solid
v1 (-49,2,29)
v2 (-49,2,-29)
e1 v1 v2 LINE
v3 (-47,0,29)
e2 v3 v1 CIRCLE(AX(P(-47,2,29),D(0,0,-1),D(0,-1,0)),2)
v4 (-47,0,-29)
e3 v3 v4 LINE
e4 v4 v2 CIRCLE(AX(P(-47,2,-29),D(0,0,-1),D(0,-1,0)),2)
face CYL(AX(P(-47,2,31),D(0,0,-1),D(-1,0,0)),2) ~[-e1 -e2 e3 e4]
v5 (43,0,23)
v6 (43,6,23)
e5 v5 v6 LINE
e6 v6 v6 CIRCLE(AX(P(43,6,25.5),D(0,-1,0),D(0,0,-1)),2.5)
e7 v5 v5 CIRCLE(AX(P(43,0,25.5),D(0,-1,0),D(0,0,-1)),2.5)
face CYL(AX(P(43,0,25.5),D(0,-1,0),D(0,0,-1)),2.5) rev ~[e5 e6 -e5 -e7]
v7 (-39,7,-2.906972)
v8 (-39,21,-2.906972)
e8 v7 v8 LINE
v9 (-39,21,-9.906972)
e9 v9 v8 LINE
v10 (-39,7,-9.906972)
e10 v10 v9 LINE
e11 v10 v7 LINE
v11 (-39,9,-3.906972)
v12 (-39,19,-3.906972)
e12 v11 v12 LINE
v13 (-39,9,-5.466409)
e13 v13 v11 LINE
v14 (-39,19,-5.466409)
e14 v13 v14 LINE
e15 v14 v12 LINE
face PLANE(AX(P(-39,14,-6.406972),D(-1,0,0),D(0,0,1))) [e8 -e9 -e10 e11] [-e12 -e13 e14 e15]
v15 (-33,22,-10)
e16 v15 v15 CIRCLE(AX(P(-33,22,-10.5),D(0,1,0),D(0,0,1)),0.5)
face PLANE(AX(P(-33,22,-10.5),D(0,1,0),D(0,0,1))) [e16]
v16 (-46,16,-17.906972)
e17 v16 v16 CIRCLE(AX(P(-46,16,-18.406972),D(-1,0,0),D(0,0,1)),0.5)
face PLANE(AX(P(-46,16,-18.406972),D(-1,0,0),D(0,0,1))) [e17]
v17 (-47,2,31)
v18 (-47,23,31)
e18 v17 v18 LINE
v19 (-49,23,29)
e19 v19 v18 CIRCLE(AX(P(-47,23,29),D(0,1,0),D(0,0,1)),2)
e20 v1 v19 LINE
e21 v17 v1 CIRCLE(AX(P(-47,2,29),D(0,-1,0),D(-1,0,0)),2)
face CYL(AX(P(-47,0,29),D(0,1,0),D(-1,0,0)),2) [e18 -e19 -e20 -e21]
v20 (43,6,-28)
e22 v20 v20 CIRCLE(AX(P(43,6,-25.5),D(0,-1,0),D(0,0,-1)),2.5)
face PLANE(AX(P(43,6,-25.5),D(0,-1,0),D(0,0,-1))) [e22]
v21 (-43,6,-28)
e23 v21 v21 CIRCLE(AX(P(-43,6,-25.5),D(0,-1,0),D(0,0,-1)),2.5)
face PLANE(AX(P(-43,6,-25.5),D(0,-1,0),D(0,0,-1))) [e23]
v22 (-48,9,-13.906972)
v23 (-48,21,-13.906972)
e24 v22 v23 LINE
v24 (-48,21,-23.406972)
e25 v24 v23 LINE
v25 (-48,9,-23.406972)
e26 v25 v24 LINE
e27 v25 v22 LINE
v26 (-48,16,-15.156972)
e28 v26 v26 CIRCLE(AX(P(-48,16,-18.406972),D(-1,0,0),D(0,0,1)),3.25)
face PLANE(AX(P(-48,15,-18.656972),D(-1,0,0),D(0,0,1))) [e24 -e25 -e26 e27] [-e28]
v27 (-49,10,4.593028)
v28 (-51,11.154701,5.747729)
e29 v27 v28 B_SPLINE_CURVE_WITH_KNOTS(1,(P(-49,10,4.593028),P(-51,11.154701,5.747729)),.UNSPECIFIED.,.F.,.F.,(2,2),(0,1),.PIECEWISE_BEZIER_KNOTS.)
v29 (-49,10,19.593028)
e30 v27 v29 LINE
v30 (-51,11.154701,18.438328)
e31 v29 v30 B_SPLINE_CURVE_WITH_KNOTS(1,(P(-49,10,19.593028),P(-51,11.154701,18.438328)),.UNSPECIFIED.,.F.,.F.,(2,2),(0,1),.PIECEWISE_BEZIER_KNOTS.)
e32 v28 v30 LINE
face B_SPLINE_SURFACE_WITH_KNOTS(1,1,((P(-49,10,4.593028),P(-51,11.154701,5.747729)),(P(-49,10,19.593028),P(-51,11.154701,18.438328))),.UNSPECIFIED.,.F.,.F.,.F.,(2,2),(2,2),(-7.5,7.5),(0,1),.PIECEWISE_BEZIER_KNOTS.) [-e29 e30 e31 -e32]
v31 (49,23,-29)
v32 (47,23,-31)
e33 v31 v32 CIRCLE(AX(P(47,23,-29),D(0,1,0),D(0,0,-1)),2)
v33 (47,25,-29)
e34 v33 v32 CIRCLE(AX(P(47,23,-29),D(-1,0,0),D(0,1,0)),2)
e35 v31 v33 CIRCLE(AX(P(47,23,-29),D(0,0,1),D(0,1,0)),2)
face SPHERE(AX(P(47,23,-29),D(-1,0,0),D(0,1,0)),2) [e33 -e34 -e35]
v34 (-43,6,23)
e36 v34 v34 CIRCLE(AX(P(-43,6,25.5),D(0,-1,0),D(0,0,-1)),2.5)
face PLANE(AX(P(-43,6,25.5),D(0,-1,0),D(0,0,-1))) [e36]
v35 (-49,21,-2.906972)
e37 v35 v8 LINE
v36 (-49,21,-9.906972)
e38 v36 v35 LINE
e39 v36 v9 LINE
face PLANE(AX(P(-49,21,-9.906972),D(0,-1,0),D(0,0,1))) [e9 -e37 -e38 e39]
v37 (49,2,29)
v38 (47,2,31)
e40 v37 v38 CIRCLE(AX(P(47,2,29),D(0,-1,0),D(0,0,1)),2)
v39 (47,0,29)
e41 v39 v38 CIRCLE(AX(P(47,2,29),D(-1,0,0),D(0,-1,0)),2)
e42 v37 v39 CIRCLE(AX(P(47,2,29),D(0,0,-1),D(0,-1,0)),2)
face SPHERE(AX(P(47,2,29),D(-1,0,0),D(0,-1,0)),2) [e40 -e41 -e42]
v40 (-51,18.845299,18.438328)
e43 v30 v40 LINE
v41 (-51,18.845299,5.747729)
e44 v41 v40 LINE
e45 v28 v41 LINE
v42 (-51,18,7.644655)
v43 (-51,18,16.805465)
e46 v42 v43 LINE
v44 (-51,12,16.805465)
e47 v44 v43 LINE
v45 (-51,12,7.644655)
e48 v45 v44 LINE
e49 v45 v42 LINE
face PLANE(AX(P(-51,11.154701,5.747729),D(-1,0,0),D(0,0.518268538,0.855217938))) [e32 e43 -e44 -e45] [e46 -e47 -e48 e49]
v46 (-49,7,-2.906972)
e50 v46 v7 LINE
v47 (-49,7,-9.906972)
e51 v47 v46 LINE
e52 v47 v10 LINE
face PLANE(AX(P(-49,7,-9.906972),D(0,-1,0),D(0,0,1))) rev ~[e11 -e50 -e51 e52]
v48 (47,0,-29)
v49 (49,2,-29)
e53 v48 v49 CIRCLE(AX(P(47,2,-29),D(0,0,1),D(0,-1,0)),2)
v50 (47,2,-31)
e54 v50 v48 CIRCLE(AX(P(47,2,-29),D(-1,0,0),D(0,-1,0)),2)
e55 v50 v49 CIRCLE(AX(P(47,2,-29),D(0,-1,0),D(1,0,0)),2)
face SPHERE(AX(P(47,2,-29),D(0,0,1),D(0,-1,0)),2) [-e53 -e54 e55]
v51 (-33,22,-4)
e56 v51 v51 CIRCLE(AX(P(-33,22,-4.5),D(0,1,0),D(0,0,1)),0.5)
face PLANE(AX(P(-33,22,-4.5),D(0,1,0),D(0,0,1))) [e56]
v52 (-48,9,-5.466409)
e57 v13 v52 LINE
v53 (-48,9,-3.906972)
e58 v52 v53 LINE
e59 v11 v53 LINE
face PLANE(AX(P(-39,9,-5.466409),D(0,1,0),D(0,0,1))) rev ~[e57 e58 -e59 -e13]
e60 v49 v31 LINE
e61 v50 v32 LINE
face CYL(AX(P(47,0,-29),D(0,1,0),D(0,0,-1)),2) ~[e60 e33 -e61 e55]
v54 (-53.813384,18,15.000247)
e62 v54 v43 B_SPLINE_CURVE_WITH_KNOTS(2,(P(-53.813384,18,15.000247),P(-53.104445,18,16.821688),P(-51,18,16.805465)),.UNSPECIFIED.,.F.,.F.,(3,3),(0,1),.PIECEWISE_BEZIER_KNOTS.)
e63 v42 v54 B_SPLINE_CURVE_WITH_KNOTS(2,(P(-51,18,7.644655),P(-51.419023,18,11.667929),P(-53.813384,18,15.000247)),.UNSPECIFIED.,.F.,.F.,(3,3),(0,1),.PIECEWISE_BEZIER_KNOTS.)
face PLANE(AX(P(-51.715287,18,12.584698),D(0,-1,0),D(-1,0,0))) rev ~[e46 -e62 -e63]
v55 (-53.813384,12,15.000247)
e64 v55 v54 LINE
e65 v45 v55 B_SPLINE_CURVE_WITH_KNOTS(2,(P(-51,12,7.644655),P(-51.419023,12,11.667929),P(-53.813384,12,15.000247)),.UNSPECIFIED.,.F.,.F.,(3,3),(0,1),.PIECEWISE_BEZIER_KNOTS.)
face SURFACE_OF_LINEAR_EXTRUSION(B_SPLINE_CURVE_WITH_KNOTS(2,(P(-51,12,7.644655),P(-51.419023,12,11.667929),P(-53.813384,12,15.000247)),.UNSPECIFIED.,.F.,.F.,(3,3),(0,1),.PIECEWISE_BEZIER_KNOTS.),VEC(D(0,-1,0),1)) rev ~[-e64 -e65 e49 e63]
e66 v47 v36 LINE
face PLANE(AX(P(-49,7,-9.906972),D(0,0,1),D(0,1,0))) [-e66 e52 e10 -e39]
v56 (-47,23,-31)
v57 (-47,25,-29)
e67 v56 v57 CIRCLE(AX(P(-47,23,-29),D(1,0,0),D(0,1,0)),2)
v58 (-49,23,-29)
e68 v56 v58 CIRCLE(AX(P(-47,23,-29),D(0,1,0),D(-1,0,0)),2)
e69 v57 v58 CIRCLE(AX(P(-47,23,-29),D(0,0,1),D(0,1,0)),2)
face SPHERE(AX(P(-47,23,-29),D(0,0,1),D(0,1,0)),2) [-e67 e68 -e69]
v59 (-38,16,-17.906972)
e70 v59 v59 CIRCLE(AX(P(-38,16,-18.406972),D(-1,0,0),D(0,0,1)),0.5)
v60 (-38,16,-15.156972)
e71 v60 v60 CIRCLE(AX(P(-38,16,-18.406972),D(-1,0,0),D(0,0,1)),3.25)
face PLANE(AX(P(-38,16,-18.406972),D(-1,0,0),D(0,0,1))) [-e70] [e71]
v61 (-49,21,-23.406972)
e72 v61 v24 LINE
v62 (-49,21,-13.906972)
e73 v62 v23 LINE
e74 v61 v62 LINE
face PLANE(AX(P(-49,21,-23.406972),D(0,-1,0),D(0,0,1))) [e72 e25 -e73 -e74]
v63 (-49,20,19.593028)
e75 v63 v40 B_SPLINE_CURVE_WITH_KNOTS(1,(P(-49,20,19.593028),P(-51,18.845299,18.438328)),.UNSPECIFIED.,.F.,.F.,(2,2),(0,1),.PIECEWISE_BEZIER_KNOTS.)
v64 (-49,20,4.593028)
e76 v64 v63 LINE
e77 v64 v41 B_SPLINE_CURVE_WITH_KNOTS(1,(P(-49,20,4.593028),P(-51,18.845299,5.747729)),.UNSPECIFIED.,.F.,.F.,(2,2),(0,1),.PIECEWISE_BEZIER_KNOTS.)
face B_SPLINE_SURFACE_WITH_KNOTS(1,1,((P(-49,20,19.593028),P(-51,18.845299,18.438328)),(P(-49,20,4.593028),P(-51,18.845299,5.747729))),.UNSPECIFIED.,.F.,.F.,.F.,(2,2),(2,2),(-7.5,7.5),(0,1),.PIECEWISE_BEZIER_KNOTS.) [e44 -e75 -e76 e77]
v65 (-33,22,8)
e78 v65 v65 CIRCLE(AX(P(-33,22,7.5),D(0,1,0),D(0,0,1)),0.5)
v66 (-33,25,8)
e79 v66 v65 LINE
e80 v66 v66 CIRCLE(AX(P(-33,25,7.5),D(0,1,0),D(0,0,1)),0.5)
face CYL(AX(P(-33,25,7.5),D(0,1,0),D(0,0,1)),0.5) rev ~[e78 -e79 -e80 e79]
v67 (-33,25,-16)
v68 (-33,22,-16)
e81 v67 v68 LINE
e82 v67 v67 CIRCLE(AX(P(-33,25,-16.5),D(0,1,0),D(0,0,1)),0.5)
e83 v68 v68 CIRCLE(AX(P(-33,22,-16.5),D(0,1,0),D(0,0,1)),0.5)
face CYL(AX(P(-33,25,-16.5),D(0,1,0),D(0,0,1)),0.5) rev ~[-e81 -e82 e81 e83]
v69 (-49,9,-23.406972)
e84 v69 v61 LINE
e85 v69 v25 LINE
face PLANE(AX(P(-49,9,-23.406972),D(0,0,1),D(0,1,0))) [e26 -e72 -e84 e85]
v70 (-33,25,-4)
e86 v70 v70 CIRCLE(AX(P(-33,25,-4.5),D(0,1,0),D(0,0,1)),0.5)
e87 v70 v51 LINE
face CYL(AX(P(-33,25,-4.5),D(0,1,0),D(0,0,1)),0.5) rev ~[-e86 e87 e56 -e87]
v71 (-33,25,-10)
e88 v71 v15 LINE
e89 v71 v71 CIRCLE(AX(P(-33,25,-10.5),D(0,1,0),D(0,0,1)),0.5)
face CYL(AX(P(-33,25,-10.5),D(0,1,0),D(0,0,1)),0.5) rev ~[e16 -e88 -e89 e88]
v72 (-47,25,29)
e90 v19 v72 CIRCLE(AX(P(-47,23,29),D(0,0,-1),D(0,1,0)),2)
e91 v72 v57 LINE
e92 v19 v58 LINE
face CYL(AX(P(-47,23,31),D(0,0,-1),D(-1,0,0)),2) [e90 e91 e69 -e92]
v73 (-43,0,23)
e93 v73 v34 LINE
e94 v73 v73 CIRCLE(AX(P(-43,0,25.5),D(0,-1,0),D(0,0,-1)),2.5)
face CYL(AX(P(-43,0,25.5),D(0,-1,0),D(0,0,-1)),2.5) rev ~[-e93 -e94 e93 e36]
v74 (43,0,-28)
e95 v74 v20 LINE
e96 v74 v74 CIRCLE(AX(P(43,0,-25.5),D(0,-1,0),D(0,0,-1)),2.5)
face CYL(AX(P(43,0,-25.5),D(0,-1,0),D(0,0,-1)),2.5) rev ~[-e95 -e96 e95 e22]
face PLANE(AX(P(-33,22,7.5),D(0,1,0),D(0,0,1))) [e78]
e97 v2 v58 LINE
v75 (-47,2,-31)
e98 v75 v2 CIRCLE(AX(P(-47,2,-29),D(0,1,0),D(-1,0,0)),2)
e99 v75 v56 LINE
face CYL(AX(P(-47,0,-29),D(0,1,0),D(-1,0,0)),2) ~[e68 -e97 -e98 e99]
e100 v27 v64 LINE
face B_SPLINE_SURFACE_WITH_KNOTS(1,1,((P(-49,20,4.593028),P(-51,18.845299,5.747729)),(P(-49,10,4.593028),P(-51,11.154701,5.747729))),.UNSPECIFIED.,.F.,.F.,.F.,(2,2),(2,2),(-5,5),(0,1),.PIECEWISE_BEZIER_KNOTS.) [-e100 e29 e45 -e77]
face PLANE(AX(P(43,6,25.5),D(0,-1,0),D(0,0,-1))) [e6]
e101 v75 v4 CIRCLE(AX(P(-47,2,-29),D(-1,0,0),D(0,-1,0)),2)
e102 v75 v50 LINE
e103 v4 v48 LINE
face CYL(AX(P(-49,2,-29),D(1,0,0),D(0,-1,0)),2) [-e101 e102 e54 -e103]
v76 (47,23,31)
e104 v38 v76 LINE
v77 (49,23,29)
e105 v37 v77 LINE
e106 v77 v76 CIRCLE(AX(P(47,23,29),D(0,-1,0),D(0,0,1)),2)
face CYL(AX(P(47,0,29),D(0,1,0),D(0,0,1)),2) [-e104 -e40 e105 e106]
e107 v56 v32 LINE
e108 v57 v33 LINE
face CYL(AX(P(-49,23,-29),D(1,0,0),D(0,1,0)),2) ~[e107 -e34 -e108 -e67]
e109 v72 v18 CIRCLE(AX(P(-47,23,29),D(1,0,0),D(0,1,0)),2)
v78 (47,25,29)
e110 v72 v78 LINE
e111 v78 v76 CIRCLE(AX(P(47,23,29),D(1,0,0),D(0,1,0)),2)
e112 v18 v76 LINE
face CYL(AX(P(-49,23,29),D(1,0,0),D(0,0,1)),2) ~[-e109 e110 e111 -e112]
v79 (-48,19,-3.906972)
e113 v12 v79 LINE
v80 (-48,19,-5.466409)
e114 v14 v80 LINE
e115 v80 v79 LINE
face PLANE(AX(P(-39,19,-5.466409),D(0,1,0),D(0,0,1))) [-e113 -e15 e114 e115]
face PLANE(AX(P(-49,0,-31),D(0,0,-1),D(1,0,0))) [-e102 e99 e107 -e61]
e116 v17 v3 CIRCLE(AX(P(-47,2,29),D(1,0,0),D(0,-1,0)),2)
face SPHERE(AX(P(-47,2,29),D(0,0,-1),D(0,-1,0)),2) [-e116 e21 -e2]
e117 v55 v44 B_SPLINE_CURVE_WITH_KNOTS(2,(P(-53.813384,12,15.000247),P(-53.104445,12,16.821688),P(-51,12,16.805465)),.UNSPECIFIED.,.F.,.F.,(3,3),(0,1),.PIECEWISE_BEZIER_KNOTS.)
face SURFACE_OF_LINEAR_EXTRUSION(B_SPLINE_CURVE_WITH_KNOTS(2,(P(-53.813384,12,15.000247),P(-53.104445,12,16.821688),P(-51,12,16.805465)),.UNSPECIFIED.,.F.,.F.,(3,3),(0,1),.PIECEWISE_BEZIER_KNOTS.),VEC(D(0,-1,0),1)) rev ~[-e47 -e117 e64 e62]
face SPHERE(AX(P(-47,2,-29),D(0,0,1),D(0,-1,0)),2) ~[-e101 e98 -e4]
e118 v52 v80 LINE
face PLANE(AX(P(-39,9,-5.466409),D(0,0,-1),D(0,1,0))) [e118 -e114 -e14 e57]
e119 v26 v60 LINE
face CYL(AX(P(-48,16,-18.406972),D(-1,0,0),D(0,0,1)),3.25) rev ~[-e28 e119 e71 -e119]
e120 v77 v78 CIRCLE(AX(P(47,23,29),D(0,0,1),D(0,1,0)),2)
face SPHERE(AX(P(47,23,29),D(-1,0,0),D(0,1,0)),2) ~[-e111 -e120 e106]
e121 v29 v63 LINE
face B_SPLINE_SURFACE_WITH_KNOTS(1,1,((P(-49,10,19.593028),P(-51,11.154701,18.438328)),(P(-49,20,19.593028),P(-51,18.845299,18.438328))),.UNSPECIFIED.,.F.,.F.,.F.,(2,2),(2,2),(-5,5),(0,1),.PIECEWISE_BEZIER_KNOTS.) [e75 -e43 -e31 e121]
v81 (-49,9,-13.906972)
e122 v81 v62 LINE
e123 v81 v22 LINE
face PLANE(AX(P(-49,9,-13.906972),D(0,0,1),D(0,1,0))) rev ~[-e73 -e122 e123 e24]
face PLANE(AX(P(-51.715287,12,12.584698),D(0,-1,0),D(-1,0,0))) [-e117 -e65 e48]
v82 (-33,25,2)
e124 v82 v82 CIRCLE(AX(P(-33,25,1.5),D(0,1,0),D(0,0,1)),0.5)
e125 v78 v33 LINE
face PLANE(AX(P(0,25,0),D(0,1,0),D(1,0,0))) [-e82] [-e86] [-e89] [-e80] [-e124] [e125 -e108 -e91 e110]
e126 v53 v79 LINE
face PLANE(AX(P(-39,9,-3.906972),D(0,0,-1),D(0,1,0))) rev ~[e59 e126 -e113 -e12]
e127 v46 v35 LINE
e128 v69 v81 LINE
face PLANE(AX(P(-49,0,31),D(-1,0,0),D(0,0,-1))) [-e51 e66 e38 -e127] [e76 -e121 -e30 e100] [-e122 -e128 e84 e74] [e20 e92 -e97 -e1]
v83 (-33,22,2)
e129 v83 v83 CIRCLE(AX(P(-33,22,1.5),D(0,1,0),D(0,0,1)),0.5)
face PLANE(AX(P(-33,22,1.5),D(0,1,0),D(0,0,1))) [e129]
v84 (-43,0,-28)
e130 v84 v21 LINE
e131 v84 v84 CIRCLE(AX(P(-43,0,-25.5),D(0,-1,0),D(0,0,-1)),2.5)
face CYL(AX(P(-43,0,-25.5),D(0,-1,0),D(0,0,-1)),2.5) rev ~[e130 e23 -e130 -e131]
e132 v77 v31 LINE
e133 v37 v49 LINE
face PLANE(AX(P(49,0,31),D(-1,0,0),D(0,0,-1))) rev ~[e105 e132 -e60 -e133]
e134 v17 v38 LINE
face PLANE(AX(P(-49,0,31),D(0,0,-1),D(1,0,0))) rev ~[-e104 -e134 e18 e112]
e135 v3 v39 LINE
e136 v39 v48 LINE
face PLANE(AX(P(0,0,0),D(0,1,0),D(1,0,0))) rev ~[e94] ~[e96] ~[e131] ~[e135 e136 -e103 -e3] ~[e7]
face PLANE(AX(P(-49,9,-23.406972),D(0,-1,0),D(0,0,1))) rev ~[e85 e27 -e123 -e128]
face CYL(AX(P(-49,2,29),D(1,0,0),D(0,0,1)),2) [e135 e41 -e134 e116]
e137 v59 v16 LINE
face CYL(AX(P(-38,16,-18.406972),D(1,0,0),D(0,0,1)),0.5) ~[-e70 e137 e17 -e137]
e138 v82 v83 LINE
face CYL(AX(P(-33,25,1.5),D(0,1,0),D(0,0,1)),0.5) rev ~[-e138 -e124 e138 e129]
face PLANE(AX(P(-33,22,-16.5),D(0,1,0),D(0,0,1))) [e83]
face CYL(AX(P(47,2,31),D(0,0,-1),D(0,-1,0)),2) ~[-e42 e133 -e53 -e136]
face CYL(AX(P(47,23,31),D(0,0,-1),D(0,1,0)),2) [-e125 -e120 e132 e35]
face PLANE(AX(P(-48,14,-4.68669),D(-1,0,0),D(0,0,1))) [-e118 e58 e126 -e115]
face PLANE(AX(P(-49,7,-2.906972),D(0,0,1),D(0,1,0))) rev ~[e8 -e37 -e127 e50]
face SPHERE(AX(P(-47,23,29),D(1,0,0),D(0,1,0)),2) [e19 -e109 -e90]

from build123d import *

# Parameters (mm, degrees)
SKETCH2_W           = 98
SKETCH2_H           = 62
BOSS_EXTRUDE1_DEPTH = 25
SKETCH3_W           = 9.5
SKETCH3_H           = 12
BOSS_EXTRUDE4_DEPTH = 1
SKETCH3_5_W         = 9.5
SKETCH3_5_H         = 12
CUT_EXTRUDE1_DEPTH  = 1
SKETCH4_R           = 3.25
CUT_EXTRUDE2_DEPTH  = 10
SKETCH5_R           = 0.5
BOSS_EXTRUDE5_DEPTH = 8
SKETCH6_W           = 7
SKETCH6_H           = 14
CUT_EXTRUDE9_DEPTH  = 10
SKETCH7_W           = 1.559437484
SKETCH7_H           = 10
BOSS_EXTRUDE6_DEPTH = 9
SKETCH8_W           = 15
SKETCH8_H           = 10
BOSS_EXTRUDE7_DEPTH = 2
BOSS_EXTRUDE7_TAPER = 30
BOSS_EXTRUDE8_DEPTH = 6
FILLET5_R           = 2
SKETCH10_R          = 2.5
CUT_EXTRUDE10_DEPTH = 6
SKETCH11_R          = 0.5
CUT_EXTRUDE11_DEPTH = 3


with BuildPart() as part:
    # Sketch2 → Boss-Extrude1 (new body)
    with BuildSketch(Plane(origin=(0, 0, 0), x_dir=(1, 0, 0), z_dir=(0, 1, 0))):
        Rectangle(SKETCH2_W, SKETCH2_H)
    extrude(amount=BOSS_EXTRUDE1_DEPTH)

    # Sketch3 → Boss-Extrude4 (add)
    with BuildSketch(Plane.ZY.offset(49)):
        with Locations((-18.656971736, 15)):
            Rectangle(SKETCH3_W, SKETCH3_H)
    extrude(amount=-BOSS_EXTRUDE4_DEPTH)

    # Sketch3<5> → Cut-Extrude1 (cut)
    with BuildSketch(Plane.ZY.offset(49)):
        with Locations((-18.656971736, 15)):
            Rectangle(SKETCH3_5_W, SKETCH3_5_H)
    extrude(amount=-CUT_EXTRUDE1_DEPTH, mode=Mode.SUBTRACT)

    # Sketch4 → Cut-Extrude2 (cut)
    with BuildSketch(Plane.ZY.offset(48)):
        with Locations((-18.406971736, 16)):
            Circle(SKETCH4_R)
    extrude(amount=-CUT_EXTRUDE2_DEPTH, mode=Mode.SUBTRACT)

    # Sketch5 → Boss-Extrude5 (add)
    with BuildSketch(Plane.ZY.offset(38)):
        with Locations((-18.406971736, 16)):
            Circle(SKETCH5_R)
    extrude(amount=BOSS_EXTRUDE5_DEPTH)

    # Sketch6 → Cut-Extrude9 (cut)
    with BuildSketch(Plane.ZY.offset(49)):
        with Locations((-6.406971736, 14)):
            Rectangle(SKETCH6_W, SKETCH6_H)
    extrude(amount=-CUT_EXTRUDE9_DEPTH, mode=Mode.SUBTRACT)

    # Sketch7 → Boss-Extrude6 (add)
    with BuildSketch(Plane.ZY.offset(39)):
        with Locations((-4.686690478, 14)):
            Rectangle(SKETCH7_W, SKETCH7_H)
    extrude(amount=BOSS_EXTRUDE6_DEPTH)

    # Sketch8 → Boss-Extrude7 (add)
    with BuildSketch(Plane.ZY.offset(49)):
        with Locations((12.093028264, 15)):
            Rectangle(SKETCH8_W, SKETCH8_H)
    extrude(amount=BOSS_EXTRUDE7_DEPTH, taper=BOSS_EXTRUDE7_TAPER)

    # Sketch9 → Boss-Extrude8 (add)
    with BuildSketch(Plane(origin=(0, 12, 0), x_dir=(-1, 0, 0), z_dir=(0, -1, 0))):
        with BuildLine():
            Line((51, -7.644654734), (51, -16.805465041))
            add(Edge.make_bspline(
                [(53.813384295, -15.000246539), (53.104445278, -16.821688465), (51, -16.805465041)],
                knots=[0, 0, 0, 1, 1, 1], degree=2))
            add(Edge.make_bspline(
                [(51, -7.644654734), (51.419023322, -11.667929153), (53.813384295, -15.000246539)],
                knots=[0, 0, 0, 1, 1, 1], degree=2))
        make_face()
    extrude(amount=-BOSS_EXTRUDE8_DEPTH)

    # Fillet5
    fillet5_edges = [part.edges().sort_by_distance(p)[0] for p in [
        (0, 25, 31),
        (-49, 25, 0),
        (0, 25, -31),
        (-49, 0, 0),
        (0, 0, 31),
        (49, 0, 0),
        (0, 0, -31),
        (49, 25, 0),
        (-49, 12.5, -31),
        (-49, 12.5, 31),
        (49, 12.5, 31),
        (49, 12.5, -31),
    ]]
    fillet(fillet5_edges, radius=FILLET5_R)

    # Sketch10 → Cut-Extrude10 (cut)
    with BuildSketch(Plane.XZ):
        with Locations(Location((-43, -25.5, 0), (0, 0, 270))):
            Circle(SKETCH10_R)
        with Locations(Location((-43, 25.5, 0), (0, 0, 270))):
            Circle(SKETCH10_R)
        with Locations(Location((43, 25.5, 0), (0, 0, 270))):
            Circle(SKETCH10_R)
        with Locations(Location((43, -25.5, 0), (0, 0, 270))):
            Circle(SKETCH10_R)
    extrude(amount=-CUT_EXTRUDE10_DEPTH, mode=Mode.SUBTRACT)

    # Sketch11 → Cut-Extrude11 (cut)
    with BuildSketch(Plane(origin=(0, 25, 0), x_dir=(1, 0, 0), z_dir=(0, 1, 0))):
        with Locations(Location((-33, 16.5, 0), (0, 0, 270))):
            Circle(SKETCH11_R)
        with Locations(Location((-33, 10.5, 0), (0, 0, 270))):
            Circle(SKETCH11_R)
        with Locations(Location((-33, 4.5, 0), (0, 0, 270))):
            Circle(SKETCH11_R)
        with Locations(Location((-33, -1.5, 0), (0, 0, 270))):
            Circle(SKETCH11_R)
        with Locations(Location((-33, -7.5, 0), (0, 0, 270))):
            Circle(SKETCH11_R)
    extrude(amount=-CUT_EXTRUDE11_DEPTH, mode=Mode.SUBTRACT)


solid = part.part
